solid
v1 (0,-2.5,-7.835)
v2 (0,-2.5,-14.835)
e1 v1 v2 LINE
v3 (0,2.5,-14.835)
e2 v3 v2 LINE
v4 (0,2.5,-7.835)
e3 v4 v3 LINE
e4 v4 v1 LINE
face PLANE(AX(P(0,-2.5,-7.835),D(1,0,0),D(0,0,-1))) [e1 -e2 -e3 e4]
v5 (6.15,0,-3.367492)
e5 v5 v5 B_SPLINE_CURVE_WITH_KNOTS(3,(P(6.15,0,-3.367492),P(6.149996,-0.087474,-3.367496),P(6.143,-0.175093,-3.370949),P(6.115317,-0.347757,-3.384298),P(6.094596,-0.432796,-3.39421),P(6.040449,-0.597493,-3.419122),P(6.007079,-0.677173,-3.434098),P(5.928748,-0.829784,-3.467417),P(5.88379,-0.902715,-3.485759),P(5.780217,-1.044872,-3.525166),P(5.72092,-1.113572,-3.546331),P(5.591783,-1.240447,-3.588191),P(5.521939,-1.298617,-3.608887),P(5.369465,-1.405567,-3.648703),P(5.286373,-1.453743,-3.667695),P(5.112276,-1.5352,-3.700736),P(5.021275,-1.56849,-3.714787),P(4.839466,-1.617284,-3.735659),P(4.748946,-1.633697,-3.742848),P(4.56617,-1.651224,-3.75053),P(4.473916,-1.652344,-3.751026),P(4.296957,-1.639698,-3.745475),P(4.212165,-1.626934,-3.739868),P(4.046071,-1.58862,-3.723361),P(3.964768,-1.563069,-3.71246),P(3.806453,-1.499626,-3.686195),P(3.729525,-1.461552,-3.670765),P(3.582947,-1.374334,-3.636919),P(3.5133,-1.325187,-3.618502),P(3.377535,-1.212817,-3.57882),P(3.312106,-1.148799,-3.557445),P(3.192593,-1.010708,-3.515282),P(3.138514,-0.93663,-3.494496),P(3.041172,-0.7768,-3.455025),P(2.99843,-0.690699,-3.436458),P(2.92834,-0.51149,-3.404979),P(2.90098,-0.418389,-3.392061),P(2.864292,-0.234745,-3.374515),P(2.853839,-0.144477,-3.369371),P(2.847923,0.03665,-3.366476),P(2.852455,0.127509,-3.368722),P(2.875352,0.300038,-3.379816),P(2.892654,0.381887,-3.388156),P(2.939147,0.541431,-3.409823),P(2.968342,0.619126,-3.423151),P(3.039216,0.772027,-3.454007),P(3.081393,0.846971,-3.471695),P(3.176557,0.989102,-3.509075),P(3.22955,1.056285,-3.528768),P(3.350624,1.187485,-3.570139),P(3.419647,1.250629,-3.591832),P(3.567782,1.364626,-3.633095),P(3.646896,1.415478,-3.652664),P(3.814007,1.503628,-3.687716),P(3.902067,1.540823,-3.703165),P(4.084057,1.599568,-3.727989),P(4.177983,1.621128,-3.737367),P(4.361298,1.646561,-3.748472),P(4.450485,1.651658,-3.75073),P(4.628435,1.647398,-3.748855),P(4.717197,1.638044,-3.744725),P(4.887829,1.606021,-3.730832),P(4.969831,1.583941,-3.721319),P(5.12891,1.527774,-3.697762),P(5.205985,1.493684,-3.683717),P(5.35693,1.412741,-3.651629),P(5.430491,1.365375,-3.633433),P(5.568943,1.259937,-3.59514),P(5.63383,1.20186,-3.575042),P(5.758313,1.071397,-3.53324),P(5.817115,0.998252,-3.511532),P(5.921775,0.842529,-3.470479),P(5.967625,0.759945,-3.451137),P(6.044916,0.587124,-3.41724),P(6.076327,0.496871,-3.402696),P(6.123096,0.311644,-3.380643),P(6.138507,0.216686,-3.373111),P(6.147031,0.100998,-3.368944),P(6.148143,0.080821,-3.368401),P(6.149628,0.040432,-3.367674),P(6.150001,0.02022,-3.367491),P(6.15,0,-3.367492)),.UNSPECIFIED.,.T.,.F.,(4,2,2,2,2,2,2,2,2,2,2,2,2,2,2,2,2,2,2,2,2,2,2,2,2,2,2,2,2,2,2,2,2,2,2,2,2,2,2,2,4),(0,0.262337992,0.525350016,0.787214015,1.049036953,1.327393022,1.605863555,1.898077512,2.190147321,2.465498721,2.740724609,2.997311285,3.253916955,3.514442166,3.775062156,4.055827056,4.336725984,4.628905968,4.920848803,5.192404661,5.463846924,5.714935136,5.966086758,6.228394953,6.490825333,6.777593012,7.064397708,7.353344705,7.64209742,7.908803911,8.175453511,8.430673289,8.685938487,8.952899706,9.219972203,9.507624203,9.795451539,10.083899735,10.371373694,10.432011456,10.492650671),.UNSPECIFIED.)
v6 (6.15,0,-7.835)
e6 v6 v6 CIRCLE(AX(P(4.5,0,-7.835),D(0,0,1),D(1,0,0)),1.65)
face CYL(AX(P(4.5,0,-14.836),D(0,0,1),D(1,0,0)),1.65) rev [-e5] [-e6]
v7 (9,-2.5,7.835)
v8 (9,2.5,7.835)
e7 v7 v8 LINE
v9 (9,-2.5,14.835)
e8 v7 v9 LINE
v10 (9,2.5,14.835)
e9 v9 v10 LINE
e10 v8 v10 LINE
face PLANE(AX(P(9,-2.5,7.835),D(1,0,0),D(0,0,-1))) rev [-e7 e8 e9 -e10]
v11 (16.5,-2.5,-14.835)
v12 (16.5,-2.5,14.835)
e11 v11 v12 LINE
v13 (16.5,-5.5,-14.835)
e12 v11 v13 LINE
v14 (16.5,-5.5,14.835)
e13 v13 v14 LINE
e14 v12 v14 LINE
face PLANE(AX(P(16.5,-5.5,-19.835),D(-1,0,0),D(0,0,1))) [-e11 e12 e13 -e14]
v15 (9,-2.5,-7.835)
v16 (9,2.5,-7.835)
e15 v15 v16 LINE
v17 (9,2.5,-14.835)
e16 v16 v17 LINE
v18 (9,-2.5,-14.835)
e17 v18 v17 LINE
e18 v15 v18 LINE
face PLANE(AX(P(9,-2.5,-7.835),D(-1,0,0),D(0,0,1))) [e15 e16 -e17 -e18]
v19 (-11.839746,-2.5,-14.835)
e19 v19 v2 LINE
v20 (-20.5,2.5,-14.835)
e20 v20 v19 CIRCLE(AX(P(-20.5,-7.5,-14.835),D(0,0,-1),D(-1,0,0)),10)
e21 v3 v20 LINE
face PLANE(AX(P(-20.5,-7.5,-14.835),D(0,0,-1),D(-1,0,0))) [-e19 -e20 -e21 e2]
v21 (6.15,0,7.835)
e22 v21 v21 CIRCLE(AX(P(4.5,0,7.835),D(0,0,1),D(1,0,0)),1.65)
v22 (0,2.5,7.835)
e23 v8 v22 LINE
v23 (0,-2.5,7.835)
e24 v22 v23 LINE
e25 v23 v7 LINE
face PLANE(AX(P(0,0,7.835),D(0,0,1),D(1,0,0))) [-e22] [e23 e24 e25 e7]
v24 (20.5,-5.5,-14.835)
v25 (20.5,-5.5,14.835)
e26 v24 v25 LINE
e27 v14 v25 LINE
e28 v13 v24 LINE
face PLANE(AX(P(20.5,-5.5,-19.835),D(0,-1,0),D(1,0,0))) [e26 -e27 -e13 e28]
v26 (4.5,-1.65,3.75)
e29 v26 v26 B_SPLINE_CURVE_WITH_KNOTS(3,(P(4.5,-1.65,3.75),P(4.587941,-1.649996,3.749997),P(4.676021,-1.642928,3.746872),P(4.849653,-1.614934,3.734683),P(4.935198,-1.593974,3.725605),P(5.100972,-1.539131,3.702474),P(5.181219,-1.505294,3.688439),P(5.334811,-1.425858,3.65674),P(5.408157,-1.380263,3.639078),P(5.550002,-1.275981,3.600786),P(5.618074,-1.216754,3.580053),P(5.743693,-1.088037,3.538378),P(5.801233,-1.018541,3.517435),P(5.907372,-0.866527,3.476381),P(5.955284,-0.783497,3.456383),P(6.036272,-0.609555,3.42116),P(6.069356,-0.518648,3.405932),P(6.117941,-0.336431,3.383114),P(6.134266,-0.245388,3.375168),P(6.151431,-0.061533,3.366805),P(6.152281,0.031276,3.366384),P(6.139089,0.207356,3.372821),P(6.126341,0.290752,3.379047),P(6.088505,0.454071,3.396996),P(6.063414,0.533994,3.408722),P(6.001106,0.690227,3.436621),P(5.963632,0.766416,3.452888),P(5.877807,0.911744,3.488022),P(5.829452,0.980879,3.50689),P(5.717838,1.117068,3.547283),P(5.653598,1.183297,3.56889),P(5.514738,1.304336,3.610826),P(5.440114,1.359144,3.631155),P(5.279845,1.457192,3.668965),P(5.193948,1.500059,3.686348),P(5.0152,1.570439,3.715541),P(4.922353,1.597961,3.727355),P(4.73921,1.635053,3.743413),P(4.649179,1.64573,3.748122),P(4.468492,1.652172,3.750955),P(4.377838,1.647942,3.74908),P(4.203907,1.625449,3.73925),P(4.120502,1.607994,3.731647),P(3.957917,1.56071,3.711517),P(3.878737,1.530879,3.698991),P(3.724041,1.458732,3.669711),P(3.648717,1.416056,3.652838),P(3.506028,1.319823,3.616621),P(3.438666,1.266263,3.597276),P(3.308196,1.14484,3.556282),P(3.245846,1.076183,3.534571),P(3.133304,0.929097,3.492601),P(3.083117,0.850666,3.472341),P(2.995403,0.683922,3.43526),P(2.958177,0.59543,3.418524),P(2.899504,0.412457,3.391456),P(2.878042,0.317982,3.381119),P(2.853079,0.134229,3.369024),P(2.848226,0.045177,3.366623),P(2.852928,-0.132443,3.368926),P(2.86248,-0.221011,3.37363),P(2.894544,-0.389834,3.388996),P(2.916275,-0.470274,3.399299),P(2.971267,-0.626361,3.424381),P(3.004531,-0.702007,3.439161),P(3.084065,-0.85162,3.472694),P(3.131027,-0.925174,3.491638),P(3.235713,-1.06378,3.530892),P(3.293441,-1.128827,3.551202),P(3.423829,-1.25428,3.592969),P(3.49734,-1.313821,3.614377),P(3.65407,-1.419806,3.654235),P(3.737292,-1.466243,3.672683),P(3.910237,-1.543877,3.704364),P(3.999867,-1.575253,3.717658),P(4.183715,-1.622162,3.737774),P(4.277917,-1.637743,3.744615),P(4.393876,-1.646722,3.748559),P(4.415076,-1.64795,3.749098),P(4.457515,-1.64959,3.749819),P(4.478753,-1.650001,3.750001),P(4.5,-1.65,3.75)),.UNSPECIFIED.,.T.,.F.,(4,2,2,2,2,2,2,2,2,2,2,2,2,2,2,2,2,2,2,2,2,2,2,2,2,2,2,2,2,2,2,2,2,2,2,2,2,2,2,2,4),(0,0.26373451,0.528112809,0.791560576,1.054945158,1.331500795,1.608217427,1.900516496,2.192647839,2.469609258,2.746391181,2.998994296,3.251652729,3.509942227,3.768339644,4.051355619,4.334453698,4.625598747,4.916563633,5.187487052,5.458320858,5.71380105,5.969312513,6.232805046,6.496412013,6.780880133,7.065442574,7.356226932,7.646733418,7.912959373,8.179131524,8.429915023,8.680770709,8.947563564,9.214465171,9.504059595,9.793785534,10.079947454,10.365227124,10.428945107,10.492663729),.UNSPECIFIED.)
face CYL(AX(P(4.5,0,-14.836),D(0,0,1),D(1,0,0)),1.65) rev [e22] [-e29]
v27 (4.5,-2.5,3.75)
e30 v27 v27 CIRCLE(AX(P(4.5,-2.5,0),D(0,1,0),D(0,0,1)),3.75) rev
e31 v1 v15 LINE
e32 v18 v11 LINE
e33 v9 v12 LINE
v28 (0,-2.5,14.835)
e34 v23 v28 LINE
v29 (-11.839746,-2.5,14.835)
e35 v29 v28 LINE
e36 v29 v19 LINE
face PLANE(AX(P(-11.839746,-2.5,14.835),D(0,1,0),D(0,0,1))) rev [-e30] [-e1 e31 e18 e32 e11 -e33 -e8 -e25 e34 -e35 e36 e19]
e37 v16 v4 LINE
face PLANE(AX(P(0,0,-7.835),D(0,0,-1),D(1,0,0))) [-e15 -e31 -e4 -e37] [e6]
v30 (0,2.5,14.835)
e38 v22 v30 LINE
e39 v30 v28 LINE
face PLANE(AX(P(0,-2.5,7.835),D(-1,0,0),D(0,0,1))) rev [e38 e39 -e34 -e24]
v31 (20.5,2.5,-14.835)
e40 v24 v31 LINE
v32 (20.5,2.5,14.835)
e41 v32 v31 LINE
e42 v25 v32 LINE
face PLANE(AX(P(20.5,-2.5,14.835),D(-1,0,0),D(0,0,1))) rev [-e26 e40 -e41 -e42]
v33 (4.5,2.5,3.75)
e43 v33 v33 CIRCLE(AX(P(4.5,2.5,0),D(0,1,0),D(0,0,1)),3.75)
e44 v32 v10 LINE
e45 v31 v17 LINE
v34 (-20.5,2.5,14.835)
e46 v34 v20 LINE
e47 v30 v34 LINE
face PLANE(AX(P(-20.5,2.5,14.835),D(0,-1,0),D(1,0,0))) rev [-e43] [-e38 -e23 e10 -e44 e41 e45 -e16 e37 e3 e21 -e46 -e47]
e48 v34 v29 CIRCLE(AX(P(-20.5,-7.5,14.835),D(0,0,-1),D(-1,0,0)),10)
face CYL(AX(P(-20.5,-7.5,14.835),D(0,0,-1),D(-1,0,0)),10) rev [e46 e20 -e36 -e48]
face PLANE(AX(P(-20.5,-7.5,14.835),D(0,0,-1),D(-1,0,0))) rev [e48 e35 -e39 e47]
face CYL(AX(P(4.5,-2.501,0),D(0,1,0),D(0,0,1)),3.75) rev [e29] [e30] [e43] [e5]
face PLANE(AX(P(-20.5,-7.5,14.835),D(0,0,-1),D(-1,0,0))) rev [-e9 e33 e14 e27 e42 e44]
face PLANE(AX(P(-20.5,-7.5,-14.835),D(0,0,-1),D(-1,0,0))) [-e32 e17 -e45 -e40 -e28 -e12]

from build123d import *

# Parameters (mm, degrees)
BOSS_EXTRUDE1_DEPTH = 14.835
CUT_EXTRUDE1_REACH  = 38.15
SKETCH4_R           = 1.65
SKETCH4_3_W         = 9
SKETCH4_3_H         = 5
SKETCH4_3_R         = 1.65
CUT_EXTRUDE3_DEPTH  = 7
CUT_EXTRUDE2_REACH  = 27.794
SKETCH5_R           = 3.75
SKETCH6_W           = 4
SKETCH6_H           = 3
BOSS_EXTRUDE2_DEPTH = 29.67


with BuildPart() as part:
    # Sketch3 → Boss-Extrude1 (new, symmetric)
    with BuildSketch(Plane.XY):
        with BuildLine():
            Line((-11.839745962, -2.5), (20.5, -2.5))
            Line((20.5, -2.5), (20.5, 2.5))
            Line((20.5, 2.5), (-20.5, 2.5))
            ThreePointArc((-20.5, 2.5), (-15.5, 1.160254038), (-11.839745962, -2.5))
        make_face()
    extrude(amount=BOSS_EXTRUDE1_DEPTH, both=True)

    # Sketch4 → Cut-Extrude1 (cut, up to next)
    with BuildSketch(Plane.XY.offset(14.835), mode=Mode.PRIVATE) as cut_extrude1_sk1:
        with Locations((4.5, 0)):
            Circle(SKETCH4_R)
    cut_extrude1_tool1 = extrude(cut_extrude1_sk1.sketch, amount=-CUT_EXTRUDE1_REACH, mode=Mode.PRIVATE) & part.part
    add(cut_extrude1_tool1.solids().sort_by_distance((4.5, 0, 14.835))[0], mode=Mode.SUBTRACT)

    # Sketch4<3> → Cut-Extrude3 (cut)
    with BuildSketch(Plane.XY.offset(14.835)):
        with Locations((4.5, 0)):
            Rectangle(SKETCH4_3_W, SKETCH4_3_H)
        with Locations((4.5, 0)):
            Circle(SKETCH4_3_R, mode=Mode.SUBTRACT)
    cut_extrude3 = extrude(amount=-CUT_EXTRUDE3_DEPTH, mode=Mode.SUBTRACT)

    # Mirror1: Cut-Extrude3 across plane
    add(cut_extrude3.mirror(Plane.XY), mode=Mode.SUBTRACT)

    # Sketch5 → Cut-Extrude2 (cut, up to next)
    with BuildSketch(Plane(origin=(0, 2.5, 0), x_dir=(1, 0, 0), z_dir=(0, 1, 0)), mode=Mode.PRIVATE) as cut_extrude2_sk1:
        with Locations(Location((4.5, 0, 0), (0, 0, 270))):
            Circle(SKETCH5_R)
    cut_extrude2_tool1 = extrude(cut_extrude2_sk1.sketch, amount=-CUT_EXTRUDE2_REACH, mode=Mode.PRIVATE) & part.part
    add(cut_extrude2_tool1.solids().sort_by_distance((4.5, 2.5, 0))[0], mode=Mode.SUBTRACT)

    # Sketch6 → Boss-Extrude2 (add)
    with BuildSketch(Plane.XY.offset(14.835)):
        with Locations((18.5, -4)):
            Rectangle(SKETCH6_W, SKETCH6_H)
    extrude(amount=-BOSS_EXTRUDE2_DEPTH)


solid = part.part
